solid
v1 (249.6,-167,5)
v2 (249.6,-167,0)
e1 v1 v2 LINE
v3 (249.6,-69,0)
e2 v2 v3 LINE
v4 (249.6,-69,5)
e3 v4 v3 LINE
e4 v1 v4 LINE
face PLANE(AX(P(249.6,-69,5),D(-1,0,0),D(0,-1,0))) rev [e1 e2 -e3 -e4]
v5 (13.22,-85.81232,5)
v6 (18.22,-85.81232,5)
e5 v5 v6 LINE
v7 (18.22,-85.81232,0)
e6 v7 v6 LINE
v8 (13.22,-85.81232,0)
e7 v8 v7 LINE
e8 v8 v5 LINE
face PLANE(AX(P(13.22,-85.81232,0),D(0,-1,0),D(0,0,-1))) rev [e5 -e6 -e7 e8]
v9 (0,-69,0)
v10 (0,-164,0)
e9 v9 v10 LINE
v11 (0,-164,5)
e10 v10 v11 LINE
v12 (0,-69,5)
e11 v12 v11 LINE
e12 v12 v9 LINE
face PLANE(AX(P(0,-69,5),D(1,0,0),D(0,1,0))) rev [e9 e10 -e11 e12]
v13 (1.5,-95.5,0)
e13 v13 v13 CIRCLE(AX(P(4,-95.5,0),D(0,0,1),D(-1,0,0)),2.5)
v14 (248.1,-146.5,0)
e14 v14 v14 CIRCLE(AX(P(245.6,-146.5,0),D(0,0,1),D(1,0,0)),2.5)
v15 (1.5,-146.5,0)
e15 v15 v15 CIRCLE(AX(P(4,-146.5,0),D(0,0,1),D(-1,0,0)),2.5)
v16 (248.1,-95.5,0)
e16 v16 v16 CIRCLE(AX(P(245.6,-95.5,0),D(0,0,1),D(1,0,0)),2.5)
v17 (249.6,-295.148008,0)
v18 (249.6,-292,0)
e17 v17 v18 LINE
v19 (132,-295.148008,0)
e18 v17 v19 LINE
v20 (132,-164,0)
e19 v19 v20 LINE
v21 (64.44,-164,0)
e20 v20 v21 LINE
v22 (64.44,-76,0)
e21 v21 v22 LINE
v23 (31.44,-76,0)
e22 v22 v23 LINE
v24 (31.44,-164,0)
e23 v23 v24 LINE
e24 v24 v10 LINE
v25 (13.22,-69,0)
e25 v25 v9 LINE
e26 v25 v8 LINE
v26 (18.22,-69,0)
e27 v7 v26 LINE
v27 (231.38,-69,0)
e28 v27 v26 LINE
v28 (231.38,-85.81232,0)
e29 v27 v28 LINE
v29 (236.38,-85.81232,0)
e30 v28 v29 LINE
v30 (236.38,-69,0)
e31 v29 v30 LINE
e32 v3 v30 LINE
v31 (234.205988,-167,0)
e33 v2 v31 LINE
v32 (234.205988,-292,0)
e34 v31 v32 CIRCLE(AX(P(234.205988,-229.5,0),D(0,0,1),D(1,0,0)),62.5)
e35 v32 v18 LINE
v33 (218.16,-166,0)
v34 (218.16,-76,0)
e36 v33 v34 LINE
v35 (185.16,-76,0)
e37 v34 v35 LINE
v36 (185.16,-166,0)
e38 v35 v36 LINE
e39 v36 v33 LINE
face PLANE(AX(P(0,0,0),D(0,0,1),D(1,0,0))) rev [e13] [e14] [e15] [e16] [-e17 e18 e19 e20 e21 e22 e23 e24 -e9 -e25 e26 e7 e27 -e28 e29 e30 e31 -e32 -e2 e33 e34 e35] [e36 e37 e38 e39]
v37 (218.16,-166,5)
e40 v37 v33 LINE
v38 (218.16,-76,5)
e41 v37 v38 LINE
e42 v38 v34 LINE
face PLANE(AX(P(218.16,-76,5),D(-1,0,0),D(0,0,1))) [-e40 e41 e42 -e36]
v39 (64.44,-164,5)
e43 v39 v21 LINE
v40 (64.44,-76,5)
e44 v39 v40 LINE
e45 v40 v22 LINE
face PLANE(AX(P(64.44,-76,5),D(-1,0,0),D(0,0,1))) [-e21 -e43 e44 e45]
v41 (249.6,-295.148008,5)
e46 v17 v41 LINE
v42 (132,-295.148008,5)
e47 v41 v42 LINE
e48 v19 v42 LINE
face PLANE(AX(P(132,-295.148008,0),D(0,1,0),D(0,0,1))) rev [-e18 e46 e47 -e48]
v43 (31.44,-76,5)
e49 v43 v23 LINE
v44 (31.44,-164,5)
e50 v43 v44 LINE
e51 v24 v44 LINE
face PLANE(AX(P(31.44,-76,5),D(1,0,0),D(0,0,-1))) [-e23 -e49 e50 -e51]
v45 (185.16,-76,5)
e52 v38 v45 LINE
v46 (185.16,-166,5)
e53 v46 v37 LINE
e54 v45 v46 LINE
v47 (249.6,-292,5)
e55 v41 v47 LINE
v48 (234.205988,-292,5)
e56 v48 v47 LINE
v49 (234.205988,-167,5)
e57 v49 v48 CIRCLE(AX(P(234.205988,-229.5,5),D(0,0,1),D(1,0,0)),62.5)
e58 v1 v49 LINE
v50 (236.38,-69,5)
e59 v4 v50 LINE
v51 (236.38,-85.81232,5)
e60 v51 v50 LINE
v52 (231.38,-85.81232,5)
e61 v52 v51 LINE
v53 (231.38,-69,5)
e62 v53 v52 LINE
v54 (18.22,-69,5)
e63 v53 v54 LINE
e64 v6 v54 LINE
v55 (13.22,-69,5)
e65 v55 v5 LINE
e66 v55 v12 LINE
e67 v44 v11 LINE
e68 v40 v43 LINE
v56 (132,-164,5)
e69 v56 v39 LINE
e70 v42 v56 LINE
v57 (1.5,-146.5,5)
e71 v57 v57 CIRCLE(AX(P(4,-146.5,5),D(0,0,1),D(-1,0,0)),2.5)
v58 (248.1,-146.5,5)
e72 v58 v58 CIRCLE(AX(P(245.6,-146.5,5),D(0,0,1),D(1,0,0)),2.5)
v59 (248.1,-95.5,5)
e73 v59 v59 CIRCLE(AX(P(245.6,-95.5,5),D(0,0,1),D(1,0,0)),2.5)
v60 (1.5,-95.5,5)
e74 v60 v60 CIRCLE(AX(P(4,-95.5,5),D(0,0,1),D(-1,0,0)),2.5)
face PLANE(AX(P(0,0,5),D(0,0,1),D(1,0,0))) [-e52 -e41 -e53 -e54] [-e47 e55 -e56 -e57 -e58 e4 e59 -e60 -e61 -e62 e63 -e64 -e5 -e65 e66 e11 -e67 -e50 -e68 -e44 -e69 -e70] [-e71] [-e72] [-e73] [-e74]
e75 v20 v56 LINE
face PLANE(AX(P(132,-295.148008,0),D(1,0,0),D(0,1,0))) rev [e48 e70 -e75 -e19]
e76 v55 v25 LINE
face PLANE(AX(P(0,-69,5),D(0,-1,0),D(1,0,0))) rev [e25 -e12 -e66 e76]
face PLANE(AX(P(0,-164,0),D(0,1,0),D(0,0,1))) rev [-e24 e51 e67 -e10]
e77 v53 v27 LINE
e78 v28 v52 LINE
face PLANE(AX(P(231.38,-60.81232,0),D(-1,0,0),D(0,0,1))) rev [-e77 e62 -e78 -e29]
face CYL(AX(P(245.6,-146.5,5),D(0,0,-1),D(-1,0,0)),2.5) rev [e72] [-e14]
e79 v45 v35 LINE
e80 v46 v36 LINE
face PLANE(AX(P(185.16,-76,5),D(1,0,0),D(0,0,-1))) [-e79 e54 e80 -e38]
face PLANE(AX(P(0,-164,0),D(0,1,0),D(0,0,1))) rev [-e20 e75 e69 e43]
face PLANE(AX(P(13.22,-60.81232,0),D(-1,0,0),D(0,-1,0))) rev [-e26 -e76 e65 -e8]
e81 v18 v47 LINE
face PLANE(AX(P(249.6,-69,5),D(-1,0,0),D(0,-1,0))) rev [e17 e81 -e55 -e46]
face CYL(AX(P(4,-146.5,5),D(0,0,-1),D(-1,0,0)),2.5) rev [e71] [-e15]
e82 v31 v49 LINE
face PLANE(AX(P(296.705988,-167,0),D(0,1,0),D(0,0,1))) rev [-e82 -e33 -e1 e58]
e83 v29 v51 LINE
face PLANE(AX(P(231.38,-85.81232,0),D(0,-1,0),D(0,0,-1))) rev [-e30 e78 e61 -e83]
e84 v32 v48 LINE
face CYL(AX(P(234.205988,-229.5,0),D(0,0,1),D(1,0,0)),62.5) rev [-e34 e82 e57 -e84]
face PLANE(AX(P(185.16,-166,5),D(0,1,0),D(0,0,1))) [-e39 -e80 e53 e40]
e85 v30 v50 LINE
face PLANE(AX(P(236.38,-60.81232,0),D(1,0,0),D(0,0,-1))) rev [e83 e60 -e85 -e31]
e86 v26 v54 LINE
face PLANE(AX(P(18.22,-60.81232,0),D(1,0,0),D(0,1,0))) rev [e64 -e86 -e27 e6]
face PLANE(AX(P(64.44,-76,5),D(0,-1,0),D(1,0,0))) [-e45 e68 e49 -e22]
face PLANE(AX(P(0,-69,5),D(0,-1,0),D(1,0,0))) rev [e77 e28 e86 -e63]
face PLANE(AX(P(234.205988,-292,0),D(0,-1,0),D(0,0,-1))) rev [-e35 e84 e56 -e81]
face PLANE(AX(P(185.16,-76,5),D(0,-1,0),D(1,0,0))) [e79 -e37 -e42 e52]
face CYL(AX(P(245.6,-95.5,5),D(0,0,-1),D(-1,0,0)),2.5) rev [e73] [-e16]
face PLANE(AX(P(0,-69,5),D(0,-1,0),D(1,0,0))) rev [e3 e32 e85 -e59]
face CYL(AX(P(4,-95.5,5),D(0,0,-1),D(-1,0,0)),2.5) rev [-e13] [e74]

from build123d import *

# Parameters (mm, degrees)
SKETCH1_W           = 249.6
SKETCH1_H           = 267.4
SKETCH1_R           = 2.5
SKETCH1_W_2         = 33
SKETCH1_H_2         = 90
BOSS_EXTRUDE1_DEPTH = 5
CUT_EXTRUDE4_DEPTH  = 6
SKETCH7_W           = 5
SKETCH7_H           = 20
SKETCH7_H_2         = 25
CUT_EXTRUDE5_DEPTH  = 6


with BuildPart() as part:
    # Sketch1 → Boss-Extrude1 (new body)
    with BuildSketch(Plane.XY):
        with Locations((124.8, -202.7)):
            Rectangle(SKETCH1_W, SKETCH1_H)
        with Locations((245.6, -95.5)):
            Circle(SKETCH1_R, mode=Mode.SUBTRACT)
        with Locations((245.6, -146.5)):
            Circle(SKETCH1_R, mode=Mode.SUBTRACT)
        with Locations((4, -146.5)):
            Circle(SKETCH1_R, mode=Mode.SUBTRACT)
        with Locations((4, -95.5)):
            Circle(SKETCH1_R, mode=Mode.SUBTRACT)
        with Locations((201.66, -121)):
            Rectangle(SKETCH1_W_2, SKETCH1_H_2, mode=Mode.SUBTRACT)
        with Locations((47.94, -121)):
            Rectangle(SKETCH1_W_2, SKETCH1_H_2, mode=Mode.SUBTRACT)
    extrude(amount=BOSS_EXTRUDE1_DEPTH)

    # Sketch6 → Cut-Extrude4 (cut, through all)
    with BuildSketch(Plane.XY.offset(5)):
        Polygon((132, -295.148008477), (249.6, -295.148008477), (249.6, -336.4), (0, -336.4), (0, -227), (0, -164), (132, -164), align=None)
        with BuildLine():
            Line((234.205987928, -292), (296.705987928, -292))
            Line((296.705987928, -292), (296.705987928, -167))
            Line((296.705987928, -167), (234.205987928, -167))
            ThreePointArc((234.205987928, -167), (171.705987928, -229.5), (234.205987928, -292))
        make_face()
    extrude(amount=-CUT_EXTRUDE4_DEPTH, mode=Mode.SUBTRACT)

    # Sketch7 → Cut-Extrude5 (cut, through all)
    with BuildSketch(Plane.XY.offset(5)):
        with Locations((15.72, -30.8123203)):
            Rectangle(SKETCH7_W, SKETCH7_H)
        with Locations((233.88, -30.8123203)):
            Rectangle(SKETCH7_W, SKETCH7_H)
        with Locations((15.72, -73.3123203)):
            Rectangle(SKETCH7_W, SKETCH7_H_2)
        with Locations((233.88, -73.3123203)):
            Rectangle(SKETCH7_W, SKETCH7_H_2)
    extrude(amount=-CUT_EXTRUDE5_DEPTH, mode=Mode.SUBTRACT)


solid = part.part
